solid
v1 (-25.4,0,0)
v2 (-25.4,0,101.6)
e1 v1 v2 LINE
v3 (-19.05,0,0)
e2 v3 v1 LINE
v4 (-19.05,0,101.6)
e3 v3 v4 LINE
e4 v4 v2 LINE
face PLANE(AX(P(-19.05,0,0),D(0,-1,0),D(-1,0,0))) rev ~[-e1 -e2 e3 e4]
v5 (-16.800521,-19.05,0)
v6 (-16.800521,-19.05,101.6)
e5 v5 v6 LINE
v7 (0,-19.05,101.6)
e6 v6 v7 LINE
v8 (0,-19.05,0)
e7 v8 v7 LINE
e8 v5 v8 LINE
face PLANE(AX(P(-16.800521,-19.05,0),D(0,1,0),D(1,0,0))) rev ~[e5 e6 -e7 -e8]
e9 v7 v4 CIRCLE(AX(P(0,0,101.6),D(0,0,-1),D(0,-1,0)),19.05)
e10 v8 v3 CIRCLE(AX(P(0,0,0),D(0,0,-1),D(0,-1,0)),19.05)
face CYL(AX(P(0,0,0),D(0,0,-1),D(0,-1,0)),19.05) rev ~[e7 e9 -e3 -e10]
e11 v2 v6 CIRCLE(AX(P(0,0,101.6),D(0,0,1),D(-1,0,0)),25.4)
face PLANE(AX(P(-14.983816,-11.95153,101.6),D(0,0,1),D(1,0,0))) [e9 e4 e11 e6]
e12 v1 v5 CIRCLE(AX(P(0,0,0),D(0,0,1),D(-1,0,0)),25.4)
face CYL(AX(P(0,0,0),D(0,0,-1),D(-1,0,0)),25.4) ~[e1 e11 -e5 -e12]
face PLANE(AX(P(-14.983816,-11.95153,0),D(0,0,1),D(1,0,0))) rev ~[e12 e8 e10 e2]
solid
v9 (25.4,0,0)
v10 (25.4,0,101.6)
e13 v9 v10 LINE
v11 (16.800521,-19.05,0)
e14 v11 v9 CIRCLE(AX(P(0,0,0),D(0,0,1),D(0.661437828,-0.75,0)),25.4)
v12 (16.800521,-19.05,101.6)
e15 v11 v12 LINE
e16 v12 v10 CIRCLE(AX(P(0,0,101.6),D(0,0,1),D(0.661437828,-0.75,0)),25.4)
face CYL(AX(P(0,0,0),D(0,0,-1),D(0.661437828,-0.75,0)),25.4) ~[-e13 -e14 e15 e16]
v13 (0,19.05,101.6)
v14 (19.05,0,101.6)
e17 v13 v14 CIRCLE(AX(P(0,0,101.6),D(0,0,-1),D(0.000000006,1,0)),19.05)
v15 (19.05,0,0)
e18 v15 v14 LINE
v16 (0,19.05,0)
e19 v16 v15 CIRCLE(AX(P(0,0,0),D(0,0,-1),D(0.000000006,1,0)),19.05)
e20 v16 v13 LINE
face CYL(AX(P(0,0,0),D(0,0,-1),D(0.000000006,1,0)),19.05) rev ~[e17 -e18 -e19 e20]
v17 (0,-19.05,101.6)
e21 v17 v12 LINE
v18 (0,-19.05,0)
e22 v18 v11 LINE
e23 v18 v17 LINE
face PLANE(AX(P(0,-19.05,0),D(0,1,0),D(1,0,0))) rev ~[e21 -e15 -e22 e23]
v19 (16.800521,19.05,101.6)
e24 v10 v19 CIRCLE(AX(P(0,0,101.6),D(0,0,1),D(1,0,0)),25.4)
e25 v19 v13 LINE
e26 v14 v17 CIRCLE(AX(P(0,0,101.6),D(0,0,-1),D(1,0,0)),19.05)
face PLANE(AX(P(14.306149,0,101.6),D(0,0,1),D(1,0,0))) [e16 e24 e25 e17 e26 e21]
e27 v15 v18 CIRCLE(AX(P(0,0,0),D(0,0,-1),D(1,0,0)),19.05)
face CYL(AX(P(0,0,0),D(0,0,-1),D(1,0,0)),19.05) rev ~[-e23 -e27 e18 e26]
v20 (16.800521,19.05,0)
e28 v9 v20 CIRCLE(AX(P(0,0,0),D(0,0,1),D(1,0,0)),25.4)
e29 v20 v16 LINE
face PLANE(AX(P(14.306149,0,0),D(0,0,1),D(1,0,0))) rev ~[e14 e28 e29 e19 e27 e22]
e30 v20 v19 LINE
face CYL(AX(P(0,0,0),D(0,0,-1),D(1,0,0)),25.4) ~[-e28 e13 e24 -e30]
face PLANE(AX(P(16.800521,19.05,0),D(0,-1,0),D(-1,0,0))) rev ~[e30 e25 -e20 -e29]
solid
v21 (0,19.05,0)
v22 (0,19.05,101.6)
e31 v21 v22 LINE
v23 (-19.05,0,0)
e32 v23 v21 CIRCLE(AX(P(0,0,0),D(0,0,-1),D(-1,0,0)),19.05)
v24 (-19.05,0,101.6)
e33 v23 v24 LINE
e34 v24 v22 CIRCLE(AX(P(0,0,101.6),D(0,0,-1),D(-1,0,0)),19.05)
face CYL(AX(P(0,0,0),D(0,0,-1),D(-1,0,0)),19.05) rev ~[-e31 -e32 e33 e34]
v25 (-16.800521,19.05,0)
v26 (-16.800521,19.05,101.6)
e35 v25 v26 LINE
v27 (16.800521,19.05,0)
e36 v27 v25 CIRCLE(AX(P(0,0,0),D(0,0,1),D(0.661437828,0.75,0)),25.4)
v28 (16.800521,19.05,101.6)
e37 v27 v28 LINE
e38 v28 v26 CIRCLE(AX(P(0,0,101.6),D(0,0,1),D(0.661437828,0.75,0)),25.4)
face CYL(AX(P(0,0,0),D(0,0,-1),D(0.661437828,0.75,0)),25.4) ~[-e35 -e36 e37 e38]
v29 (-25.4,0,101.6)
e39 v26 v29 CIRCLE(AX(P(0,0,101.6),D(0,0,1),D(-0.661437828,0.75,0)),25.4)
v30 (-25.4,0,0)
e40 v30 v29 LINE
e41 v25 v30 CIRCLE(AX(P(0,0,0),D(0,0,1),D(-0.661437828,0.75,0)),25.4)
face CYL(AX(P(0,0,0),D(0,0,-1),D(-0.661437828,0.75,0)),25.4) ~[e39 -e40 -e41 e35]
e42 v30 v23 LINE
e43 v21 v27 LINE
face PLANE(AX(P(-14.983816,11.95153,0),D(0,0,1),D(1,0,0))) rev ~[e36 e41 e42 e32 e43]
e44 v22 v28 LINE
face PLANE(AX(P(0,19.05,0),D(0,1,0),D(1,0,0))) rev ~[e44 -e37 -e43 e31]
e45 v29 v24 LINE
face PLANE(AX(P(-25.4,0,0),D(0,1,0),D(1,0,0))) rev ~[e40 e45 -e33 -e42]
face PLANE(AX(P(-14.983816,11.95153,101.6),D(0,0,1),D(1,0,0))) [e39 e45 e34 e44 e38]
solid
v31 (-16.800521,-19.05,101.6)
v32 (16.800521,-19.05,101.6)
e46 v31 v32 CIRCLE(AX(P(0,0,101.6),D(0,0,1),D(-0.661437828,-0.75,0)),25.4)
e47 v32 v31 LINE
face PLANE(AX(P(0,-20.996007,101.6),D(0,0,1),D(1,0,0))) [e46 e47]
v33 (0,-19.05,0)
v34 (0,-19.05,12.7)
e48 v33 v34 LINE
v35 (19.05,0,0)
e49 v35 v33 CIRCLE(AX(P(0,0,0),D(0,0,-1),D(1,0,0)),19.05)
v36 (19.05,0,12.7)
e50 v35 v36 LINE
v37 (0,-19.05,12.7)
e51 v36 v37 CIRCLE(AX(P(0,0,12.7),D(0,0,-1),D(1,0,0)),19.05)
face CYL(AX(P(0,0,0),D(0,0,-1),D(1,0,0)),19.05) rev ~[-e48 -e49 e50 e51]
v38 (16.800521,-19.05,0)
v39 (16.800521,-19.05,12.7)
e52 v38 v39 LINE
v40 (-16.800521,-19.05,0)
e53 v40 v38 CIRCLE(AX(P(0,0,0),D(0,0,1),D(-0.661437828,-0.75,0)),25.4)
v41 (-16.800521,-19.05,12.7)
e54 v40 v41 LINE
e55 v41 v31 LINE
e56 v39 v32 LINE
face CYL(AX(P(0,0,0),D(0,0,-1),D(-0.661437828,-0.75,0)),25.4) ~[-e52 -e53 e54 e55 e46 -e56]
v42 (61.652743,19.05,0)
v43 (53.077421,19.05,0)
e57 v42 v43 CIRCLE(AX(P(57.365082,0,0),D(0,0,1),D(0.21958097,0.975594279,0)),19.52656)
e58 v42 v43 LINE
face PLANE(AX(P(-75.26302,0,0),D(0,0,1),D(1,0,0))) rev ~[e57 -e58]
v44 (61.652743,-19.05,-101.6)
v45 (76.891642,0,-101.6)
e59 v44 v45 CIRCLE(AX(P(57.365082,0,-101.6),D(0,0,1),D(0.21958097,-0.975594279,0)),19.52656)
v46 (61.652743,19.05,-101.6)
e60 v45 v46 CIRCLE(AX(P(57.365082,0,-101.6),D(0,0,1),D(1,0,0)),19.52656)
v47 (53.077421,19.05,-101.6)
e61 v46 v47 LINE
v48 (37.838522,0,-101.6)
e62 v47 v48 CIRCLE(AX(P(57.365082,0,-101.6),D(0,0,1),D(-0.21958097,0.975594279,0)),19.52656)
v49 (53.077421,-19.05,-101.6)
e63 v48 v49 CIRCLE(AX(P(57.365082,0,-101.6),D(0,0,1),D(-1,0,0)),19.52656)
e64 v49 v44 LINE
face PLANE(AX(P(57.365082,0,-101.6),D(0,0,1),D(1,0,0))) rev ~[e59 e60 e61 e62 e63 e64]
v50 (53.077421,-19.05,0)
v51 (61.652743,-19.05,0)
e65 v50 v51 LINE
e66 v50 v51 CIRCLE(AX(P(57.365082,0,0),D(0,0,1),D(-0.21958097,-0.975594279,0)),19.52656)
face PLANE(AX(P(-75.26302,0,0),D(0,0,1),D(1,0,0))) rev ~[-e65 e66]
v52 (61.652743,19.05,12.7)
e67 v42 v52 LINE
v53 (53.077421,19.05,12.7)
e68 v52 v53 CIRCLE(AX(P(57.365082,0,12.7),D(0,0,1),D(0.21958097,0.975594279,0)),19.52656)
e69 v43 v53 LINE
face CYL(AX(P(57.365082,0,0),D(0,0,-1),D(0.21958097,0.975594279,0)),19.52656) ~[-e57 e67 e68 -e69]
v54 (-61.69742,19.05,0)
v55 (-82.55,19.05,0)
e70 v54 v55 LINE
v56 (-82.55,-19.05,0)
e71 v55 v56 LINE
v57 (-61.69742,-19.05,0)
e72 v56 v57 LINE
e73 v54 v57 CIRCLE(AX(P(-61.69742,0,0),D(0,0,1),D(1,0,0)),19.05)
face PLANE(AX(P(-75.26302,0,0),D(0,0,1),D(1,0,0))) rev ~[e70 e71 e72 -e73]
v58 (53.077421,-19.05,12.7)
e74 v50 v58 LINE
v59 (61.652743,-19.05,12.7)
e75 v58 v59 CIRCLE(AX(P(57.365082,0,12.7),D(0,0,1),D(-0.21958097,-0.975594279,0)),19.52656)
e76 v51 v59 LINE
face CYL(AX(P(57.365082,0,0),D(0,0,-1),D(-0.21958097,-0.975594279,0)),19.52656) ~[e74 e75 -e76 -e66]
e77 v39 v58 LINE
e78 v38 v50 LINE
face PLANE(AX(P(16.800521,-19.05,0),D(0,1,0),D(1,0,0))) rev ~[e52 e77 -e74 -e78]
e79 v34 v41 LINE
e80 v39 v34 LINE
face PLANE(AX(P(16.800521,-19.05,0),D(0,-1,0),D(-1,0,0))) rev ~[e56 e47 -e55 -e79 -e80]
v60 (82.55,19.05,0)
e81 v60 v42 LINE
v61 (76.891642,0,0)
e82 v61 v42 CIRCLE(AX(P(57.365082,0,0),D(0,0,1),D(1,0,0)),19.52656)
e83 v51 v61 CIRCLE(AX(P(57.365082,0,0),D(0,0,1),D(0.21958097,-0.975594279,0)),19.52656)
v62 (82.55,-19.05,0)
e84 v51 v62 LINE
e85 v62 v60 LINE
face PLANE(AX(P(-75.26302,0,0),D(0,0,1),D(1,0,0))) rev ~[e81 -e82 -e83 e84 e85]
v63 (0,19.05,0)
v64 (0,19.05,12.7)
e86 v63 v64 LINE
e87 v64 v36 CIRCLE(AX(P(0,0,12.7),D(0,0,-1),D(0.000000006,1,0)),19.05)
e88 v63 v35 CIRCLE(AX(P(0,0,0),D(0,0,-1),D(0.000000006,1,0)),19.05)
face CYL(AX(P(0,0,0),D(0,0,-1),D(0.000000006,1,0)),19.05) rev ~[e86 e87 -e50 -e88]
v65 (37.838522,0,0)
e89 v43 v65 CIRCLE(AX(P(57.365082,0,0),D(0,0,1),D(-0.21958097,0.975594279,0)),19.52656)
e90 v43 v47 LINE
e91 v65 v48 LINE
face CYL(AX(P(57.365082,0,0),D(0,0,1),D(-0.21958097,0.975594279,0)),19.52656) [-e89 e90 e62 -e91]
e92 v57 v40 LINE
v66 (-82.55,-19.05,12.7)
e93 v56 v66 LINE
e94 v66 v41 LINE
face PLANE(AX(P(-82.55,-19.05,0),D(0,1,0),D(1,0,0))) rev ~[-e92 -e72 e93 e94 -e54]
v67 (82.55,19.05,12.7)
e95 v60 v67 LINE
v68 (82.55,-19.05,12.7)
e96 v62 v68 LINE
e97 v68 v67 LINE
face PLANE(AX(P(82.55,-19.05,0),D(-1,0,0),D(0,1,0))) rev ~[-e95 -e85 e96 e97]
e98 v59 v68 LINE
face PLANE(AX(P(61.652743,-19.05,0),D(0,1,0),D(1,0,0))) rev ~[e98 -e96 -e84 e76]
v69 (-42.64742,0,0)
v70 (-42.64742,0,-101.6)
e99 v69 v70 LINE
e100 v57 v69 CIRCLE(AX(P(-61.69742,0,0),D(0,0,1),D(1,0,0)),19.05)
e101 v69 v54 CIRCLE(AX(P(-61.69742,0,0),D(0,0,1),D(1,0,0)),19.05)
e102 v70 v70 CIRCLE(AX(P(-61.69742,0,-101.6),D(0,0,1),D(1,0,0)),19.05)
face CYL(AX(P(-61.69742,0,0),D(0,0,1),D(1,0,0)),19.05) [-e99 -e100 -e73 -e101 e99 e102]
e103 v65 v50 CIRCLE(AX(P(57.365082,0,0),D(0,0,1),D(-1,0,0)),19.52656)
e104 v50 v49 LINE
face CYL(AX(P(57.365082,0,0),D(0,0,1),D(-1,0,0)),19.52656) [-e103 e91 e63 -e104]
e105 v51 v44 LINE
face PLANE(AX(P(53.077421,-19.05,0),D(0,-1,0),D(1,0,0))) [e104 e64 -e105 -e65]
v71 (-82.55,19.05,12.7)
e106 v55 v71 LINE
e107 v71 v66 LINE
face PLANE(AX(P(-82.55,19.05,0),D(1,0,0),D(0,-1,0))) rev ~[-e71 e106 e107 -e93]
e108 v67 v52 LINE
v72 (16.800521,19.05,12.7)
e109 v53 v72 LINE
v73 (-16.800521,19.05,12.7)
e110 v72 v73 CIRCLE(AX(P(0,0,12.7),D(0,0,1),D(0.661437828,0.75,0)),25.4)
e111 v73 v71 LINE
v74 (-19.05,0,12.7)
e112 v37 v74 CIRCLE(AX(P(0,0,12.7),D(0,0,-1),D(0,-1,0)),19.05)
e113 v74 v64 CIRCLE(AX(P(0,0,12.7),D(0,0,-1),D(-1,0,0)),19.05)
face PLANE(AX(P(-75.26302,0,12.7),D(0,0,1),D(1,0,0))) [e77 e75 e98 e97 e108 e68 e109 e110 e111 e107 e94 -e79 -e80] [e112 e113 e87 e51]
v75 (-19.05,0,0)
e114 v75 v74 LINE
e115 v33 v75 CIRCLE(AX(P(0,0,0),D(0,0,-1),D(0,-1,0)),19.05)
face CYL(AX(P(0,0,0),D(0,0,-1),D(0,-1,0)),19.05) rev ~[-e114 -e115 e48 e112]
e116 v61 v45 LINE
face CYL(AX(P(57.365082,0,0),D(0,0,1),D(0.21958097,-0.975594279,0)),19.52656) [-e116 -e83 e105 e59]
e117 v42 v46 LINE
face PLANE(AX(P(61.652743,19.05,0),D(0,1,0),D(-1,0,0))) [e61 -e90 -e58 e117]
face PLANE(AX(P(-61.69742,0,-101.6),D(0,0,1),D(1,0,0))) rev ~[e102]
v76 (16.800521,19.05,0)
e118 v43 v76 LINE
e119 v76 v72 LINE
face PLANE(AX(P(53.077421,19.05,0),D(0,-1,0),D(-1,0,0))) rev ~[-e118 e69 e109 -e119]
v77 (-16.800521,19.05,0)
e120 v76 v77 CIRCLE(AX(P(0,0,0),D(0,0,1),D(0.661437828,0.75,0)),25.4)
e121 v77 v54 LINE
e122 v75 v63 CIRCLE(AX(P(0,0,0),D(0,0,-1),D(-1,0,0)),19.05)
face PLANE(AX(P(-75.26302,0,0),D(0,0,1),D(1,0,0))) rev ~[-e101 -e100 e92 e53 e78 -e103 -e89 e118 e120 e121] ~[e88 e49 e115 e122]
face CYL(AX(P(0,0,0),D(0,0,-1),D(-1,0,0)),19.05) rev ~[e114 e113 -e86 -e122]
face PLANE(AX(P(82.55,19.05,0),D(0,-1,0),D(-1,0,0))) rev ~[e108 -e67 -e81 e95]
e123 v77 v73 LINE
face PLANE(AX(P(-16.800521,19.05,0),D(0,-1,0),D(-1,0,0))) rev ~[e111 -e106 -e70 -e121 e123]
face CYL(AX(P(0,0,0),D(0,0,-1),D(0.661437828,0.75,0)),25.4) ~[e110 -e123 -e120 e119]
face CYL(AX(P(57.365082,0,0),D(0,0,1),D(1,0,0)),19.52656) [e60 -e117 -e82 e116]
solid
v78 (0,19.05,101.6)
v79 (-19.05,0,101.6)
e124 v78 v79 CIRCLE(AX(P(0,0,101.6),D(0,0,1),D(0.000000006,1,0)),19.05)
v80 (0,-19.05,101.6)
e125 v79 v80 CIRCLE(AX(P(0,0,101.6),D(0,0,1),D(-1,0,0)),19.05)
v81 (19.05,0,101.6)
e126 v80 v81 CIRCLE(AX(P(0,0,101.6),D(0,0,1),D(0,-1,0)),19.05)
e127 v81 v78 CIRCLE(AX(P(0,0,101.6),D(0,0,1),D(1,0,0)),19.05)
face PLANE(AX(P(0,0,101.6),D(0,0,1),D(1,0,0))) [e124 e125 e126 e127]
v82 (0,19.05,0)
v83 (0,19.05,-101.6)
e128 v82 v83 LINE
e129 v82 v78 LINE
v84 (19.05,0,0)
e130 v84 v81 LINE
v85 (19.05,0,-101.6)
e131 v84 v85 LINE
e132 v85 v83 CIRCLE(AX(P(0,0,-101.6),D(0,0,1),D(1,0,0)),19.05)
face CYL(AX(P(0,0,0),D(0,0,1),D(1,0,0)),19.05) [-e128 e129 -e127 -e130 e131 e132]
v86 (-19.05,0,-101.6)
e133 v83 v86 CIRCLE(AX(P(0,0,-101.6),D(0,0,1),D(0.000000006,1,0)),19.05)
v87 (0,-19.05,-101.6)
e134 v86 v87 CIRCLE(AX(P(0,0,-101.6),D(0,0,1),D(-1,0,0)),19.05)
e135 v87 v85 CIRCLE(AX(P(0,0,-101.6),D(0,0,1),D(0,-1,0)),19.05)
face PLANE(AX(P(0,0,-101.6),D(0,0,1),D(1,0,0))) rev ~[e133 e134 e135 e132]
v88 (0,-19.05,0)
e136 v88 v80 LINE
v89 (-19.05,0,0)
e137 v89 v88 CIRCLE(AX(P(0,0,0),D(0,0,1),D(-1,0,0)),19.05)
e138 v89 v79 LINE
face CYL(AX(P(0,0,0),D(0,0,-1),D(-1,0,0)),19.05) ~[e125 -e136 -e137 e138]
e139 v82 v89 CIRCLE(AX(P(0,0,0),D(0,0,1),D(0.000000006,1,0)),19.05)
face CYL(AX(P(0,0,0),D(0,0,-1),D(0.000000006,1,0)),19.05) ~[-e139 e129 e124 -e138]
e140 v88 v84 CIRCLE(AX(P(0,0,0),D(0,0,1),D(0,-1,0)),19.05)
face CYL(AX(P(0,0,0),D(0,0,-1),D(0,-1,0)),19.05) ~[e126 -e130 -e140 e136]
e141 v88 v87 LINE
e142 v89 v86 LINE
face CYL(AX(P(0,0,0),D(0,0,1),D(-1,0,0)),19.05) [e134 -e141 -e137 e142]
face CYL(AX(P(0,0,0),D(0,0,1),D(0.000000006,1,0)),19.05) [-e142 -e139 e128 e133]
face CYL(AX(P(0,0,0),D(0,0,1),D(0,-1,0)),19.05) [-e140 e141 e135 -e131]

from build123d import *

# Parameters (mm, degrees)
F1_DEPTH = 101.6
F2_DEPTH = 12.7
F3_DEPTH = 101.6
F4_DEPTH = 101.6
F5_DEPTH = 101.6
F6_DEPTH = 101.6
F7_DEPTH = 101.6


with BuildPart() as f1:
    # F0 (on Top) → F1 (new body)
    with BuildSketch(Plane.XY):
        with BuildLine():
            Line((1.179e-07, 19.05), (-16.8005208253, 19.05))
            ThreePointArc((-16.8005208253, 19.05), (-23.1505208253, 10.4505208253), (-25.4, 0))
            Line((-25.4, 0), (-19.05, 0))
            ThreePointArc((-19.05, 0), (-13.4703841399, 13.4703842233), (1.179e-07, 19.05))
        make_face()
        with BuildLine():
            ThreePointArc((16.8005208253, 19.05), (0, 25.4), (-16.8005208253, 19.05))
            Line((-16.8005208253, 19.05), (1.179e-07, 19.05))
            Line((1.179e-07, 19.05), (16.8005208253, 19.05))
        make_face()
    extrude(amount=F1_DEPTH)


with BuildPart() as f1b:
    # F0 (on Top) → F1, piece 2 (new body)
    with BuildSketch(Plane.XY):
        with BuildLine():
            Line((3.1e-09, -19.05), (-16.8005208253, -19.05))
            ThreePointArc((-16.8005208253, -19.05), (0, -25.4), (16.8005208253, -19.05))
            Line((16.8005208253, -19.05), (3.1e-09, -19.05))
        make_face()
    extrude(amount=F1_DEPTH)

    # F0 (on Top) → F2 (join)
    with BuildSketch(Plane.XY):
        with BuildLine():
            Line((-61.6974197328, 19.05), (-82.55, 19.05))
            Line((-82.55, 19.05), (-82.55, -19.05))
            Line((-82.55, -19.05), (-61.6974197328, -19.05))
            ThreePointArc((-61.6974197328, -19.05), (-80.7474197328, 0), (-61.6974197328, 19.05))
        make_face()
        with BuildLine():
            Line((-16.8005208253, 19.05), (-61.6974197328, 19.05))
            ThreePointArc((-61.6974197328, 19.05), (-48.2270355512, 13.4703841816), (-42.6474197328, 0))
            Line((-42.6474197328, 0), (-25.4, 0))
            ThreePointArc((-25.4, 0), (-23.1505208253, 10.4505208253), (-16.8005208253, 19.05))
        make_face()
        with BuildLine():
            ThreePointArc((-42.6474197328, 0), (-48.2270355512, 13.4703841816), (-61.6974197328, 19.05))
            ThreePointArc((-61.6974197328, 19.05), (-80.7474197328, 0), (-61.6974197328, -19.05))
            ThreePointArc((-61.6974197328, -19.05), (-48.2270355512, -13.4703841816), (-42.6474197328, 0))
        make_face()
        with BuildLine():
            ThreePointArc((16.8005208253, 19.05), (0, 25.4), (-16.8005208253, 19.05))
            Line((-16.8005208253, 19.05), (1.179e-07, 19.05))
            Line((1.179e-07, 19.05), (16.8005208253, 19.05))
        make_face()
        with BuildLine():
            Line((1.179e-07, 19.05), (-16.8005208253, 19.05))
            ThreePointArc((-16.8005208253, 19.05), (-23.1505208253, 10.4505208253), (-25.4, 0))
            Line((-25.4, 0), (-19.05, 0))
            ThreePointArc((-19.05, 0), (-13.4703841399, 13.4703842233), (1.179e-07, 19.05))
        make_face()
        with BuildLine():
            Line((-25.4, 0), (-42.6474197328, 0))
            ThreePointArc((-42.6474197328, 0), (-48.2270355512, -13.4703841816), (-61.6974197328, -19.05))
            Line((-61.6974197328, -19.05), (-16.8005208253, -19.05))
            ThreePointArc((-16.8005208253, -19.05), (-23.1505208253, -10.4505208253), (-25.4, 0))
        make_face()
        with BuildLine():
            Line((16.8005208253, 19.05), (1.179e-07, 19.05))
            ThreePointArc((1.179e-07, 19.05), (13.4703842233, 13.4703841399), (19.05, 0))
            ThreePointArc((19.05, 0), (13.4703841827, -13.4703841805), (3.1e-09, -19.05))
            Line((3.1e-09, -19.05), (16.8005208253, -19.05))
            ThreePointArc((16.8005208253, -19.05), (23.1505208253, -10.4505208253), (25.4, 0))
            ThreePointArc((25.4, 0), (23.1505208253, 10.4505208253), (16.8005208253, 19.05))
        make_face()
        with BuildLine():
            Line((53.0774212664, 19.05), (16.8005208253, 19.05))
            ThreePointArc((16.8005208253, 19.05), (23.1505208253, 10.4505208253), (25.4, 0))
            Line((25.4, 0), (37.8385224377, 0))
            ThreePointArc((37.8385224377, 0), (42.1169707822, 12.1976077317), (53.0774212664, 19.05))
        make_face()
        with BuildLine():
            Line((-19.05, 0), (-25.4, 0))
            ThreePointArc((-25.4, 0), (-23.1505208253, -10.4505208253), (-16.8005208253, -19.05))
            Line((-16.8005208253, -19.05), (3.1e-09, -19.05))
            ThreePointArc((3.1e-09, -19.05), (-13.4703841805, -13.4703841827), (-19.05, 0))
        make_face()
        with BuildLine():
            Line((3.1e-09, -19.05), (-16.8005208253, -19.05))
            ThreePointArc((-16.8005208253, -19.05), (0, -25.4), (16.8005208253, -19.05))
            Line((16.8005208253, -19.05), (3.1e-09, -19.05))
        make_face()
        with BuildLine():
            ThreePointArc((61.6527431423, 19.05), (57.3650822043, 19.5265597666), (53.0774212664, 19.05))
            Line((53.0774212664, 19.05), (61.6527431423, 19.05))
        make_face()
        with BuildLine():
            Line((61.6527431423, 19.05), (53.0774212664, 19.05))
            ThreePointArc((53.0774212664, 19.05), (42.1169707822, 12.1976077317), (37.8385224377, 0))
            ThreePointArc((37.8385224377, 0), (42.1169707822, -12.1976077317), (53.0774212664, -19.05))
            Line((53.0774212664, -19.05), (61.6527431423, -19.05))
            ThreePointArc((61.6527431423, -19.05), (72.6131936265, -12.1976077317), (76.891641971, 0))
            ThreePointArc((76.891641971, 0), (72.6131936265, 12.1976077317), (61.6527431423, 19.05))
        make_face()
        with BuildLine():
            Line((37.8385224377, 0), (25.4, 0))
            ThreePointArc((25.4, 0), (23.1505208253, -10.4505208253), (16.8005208253, -19.05))
            Line((16.8005208253, -19.05), (53.0774212664, -19.05))
            ThreePointArc((53.0774212664, -19.05), (42.1169707822, -12.1976077317), (37.8385224377, 0))
        make_face()
        with BuildLine():
            Line((82.55, 19.05), (61.6527431423, 19.05))
            ThreePointArc((61.6527431423, 19.05), (72.6131936265, 12.1976077317), (76.891641971, 0))
            ThreePointArc((76.891641971, 0), (72.6131936265, -12.1976077317), (61.6527431423, -19.05))
            Line((61.6527431423, -19.05), (82.55, -19.05))
            Line((82.55, -19.05), (82.55, 19.05))
        make_face()
        with BuildLine():
            Line((61.6527431423, -19.05), (53.0774212664, -19.05))
            ThreePointArc((53.0774212664, -19.05), (57.3650822043, -19.5265597666), (61.6527431423, -19.05))
        make_face()
    extrude(amount=F2_DEPTH)

    # F0 (on Top) → F3 (join)
    with BuildSketch(Plane.XY):
        with BuildLine():
            ThreePointArc((-42.6474197328, 0), (-48.2270355512, 13.4703841816), (-61.6974197328, 19.05))
            ThreePointArc((-61.6974197328, 19.05), (-80.7474197328, 0), (-61.6974197328, -19.05))
            ThreePointArc((-61.6974197328, -19.05), (-48.2270355512, -13.4703841816), (-42.6474197328, 0))
        make_face()
    extrude(amount=-F3_DEPTH)

    # F0 (on Top) → F5 (join)
    with BuildSketch(Plane.XY):
        with BuildLine():
            Line((61.6527431423, 19.05), (53.0774212664, 19.05))
            ThreePointArc((53.0774212664, 19.05), (42.1169707822, 12.1976077317), (37.8385224377, 0))
            ThreePointArc((37.8385224377, 0), (42.1169707822, -12.1976077317), (53.0774212664, -19.05))
            Line((53.0774212664, -19.05), (61.6527431423, -19.05))
            ThreePointArc((61.6527431423, -19.05), (72.6131936265, -12.1976077317), (76.891641971, 0))
            ThreePointArc((76.891641971, 0), (72.6131936265, 12.1976077317), (61.6527431423, 19.05))
        make_face()
    extrude(amount=-F5_DEPTH)


with BuildPart() as f4:
    # F0 (on Top) → F4 (new body, symmetric)
    with BuildSketch(Plane.XY):
        with BuildLine():
            ThreePointArc((19.05, 0), (13.4703842233, 13.4703841399), (1.179e-07, 19.05))
            ThreePointArc((1.179e-07, 19.05), (-13.4703841399, 13.4703842233), (-19.05, 0))
            ThreePointArc((-19.05, 0), (-13.4703841805, -13.4703841827), (3.1e-09, -19.05))
            ThreePointArc((3.1e-09, -19.05), (13.4703841827, -13.4703841805), (19.05, 0))
        make_face()
    extrude(amount=F4_DEPTH, both=True)


with BuildPart() as f6:
    # F0 (on Top) → F6 (new body)
    with BuildSketch(Plane.XY):
        with BuildLine():
            Line((-19.05, 0), (-25.4, 0))
            ThreePointArc((-25.4, 0), (-23.1505208253, -10.4505208253), (-16.8005208253, -19.05))
            Line((-16.8005208253, -19.05), (3.1e-09, -19.05))
            ThreePointArc((3.1e-09, -19.05), (-13.4703841805, -13.4703841827), (-19.05, 0))
        make_face()
    extrude(amount=F6_DEPTH)


with BuildPart() as f7:
    # F0 (on Top) → F7 (new body)
    with BuildSketch(Plane.XY):
        with BuildLine():
            Line((16.8005208253, 19.05), (1.179e-07, 19.05))
            ThreePointArc((1.179e-07, 19.05), (13.4703842233, 13.4703841399), (19.05, 0))
            ThreePointArc((19.05, 0), (13.4703841827, -13.4703841805), (3.1e-09, -19.05))
            Line((3.1e-09, -19.05), (16.8005208253, -19.05))
            ThreePointArc((16.8005208253, -19.05), (23.1505208253, -10.4505208253), (25.4, 0))
            ThreePointArc((25.4, 0), (23.1505208253, 10.4505208253), (16.8005208253, 19.05))
        make_face()
    extrude(amount=F7_DEPTH)


solid = Compound([f1.part, f1b.part, f4.part, f6.part, f7.part])
